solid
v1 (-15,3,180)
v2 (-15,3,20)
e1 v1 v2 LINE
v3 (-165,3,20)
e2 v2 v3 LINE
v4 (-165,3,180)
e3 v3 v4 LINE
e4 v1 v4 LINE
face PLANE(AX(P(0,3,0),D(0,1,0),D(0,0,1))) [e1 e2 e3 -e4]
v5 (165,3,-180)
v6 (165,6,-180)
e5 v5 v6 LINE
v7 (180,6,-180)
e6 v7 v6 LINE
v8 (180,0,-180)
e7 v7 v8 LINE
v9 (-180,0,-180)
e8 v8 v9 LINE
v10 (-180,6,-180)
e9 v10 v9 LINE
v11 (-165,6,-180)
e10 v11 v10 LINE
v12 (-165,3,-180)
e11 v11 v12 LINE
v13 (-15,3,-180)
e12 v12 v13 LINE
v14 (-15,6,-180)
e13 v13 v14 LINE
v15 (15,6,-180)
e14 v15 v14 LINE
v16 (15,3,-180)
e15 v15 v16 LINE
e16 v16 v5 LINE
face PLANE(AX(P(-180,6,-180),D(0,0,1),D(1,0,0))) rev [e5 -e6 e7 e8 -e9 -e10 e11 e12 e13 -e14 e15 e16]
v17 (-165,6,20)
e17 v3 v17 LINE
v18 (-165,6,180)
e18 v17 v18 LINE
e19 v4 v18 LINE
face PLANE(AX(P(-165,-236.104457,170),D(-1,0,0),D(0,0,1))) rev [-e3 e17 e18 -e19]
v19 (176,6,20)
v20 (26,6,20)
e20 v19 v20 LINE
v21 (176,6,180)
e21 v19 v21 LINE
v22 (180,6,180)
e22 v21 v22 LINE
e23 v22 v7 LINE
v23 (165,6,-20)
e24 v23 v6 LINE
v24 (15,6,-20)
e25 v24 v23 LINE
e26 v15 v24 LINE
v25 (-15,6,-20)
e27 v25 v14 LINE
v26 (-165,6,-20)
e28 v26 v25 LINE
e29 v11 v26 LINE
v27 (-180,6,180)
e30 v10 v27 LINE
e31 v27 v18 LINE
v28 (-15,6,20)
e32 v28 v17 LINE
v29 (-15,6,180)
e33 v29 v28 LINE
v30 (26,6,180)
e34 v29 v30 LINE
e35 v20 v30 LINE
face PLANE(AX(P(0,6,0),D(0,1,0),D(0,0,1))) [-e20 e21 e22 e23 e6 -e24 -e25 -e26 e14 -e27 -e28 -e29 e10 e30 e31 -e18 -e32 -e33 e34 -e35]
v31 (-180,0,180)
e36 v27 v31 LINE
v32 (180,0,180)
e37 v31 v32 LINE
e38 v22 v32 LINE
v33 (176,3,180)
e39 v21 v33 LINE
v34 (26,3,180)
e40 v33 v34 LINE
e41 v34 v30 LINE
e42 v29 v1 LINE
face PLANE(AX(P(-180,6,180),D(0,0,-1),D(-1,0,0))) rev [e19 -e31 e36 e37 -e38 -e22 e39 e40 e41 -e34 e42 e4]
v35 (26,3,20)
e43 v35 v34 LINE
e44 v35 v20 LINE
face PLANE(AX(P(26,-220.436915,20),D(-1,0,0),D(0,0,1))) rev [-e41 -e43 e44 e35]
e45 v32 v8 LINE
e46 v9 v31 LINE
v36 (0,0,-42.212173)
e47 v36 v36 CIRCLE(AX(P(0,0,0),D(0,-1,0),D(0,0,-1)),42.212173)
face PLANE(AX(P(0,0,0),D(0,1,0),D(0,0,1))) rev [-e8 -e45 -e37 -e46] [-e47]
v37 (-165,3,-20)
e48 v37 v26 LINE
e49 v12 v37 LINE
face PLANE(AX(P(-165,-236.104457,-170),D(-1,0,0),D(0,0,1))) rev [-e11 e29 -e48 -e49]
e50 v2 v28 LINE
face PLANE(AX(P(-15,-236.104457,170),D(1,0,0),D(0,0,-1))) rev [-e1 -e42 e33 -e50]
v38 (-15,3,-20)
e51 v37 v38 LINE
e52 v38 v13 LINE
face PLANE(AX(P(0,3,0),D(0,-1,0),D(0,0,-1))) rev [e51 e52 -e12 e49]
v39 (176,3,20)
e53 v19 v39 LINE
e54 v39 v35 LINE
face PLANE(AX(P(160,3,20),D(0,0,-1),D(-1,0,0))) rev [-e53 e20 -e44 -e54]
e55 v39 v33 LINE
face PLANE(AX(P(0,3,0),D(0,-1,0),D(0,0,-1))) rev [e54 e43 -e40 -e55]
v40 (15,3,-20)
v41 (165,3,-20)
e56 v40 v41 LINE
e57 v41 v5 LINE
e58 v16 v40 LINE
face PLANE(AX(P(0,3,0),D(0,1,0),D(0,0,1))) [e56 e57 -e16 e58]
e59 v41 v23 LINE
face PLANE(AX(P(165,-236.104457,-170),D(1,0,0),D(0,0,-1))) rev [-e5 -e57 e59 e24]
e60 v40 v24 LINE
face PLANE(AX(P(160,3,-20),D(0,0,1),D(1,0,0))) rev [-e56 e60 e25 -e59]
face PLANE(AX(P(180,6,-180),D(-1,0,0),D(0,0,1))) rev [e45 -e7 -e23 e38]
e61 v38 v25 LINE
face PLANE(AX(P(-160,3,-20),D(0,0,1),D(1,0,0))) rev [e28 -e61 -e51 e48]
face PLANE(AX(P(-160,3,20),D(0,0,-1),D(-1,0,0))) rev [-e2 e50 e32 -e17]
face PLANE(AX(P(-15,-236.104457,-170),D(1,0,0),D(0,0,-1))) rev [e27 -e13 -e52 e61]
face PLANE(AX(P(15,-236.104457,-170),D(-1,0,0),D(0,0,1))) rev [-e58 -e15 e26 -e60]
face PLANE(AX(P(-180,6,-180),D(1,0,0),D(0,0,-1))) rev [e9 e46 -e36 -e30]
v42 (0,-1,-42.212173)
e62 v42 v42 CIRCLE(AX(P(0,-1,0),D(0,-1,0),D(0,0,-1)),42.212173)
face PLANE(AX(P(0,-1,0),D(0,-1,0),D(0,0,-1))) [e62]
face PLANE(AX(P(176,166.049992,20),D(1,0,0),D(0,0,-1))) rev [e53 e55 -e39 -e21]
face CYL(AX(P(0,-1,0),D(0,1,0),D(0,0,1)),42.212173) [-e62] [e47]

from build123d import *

# Parameters (mm, degrees)
SKETCH_1_W          = 360
SKETCH_1_H          = 360
EXTRUDE_1_DEPTH     = 6
SKETCH_2_W          = 140
SKETCH_2_H          = 140
CUT_EXTRUDE_1_DEPTH = 3
SKETCH_7_W          = 140
SKETCH_7_H          = 169.149624319
CUT_EXTRUDE_2_DEPTH = 110
SKETCH_4_R          = 42.212172728
EXTRUDE_2_DEPTH     = 1
SKETCH_10_W         = 6
SKETCH_10_H         = 160
CUT_EXTRUDE_3_DEPTH = 3
SKETCH_11_W         = 6
SKETCH_11_H         = 160
EXTRUDE_3_DEPTH     = 3
SKETCH_12_W         = 14
SKETCH_12_H         = 160
CUT_EXTRUDE_4_DEPTH = 3
SKETCH_13_W         = 14
SKETCH_13_H         = 160
EXTRUDE_4_DEPTH     = 3
SKETCH_14_W         = 4
SKETCH_14_H         = 160
EXTRUDE_5_DEPTH     = 3
SKETCH_15_W         = 4
SKETCH_15_H         = 160
CUT_EXTRUDE_5_DEPTH = 3
CUT_EXTRUDE_6_DEPTH = 3
SKETCH_17_W         = 150
SKETCH_17_H         = 165.602098182
CUT_EXTRUDE_7_DEPTH = 3


with BuildPart() as part:
    # 草图1 → 凸台-拉伸1 (new body)
    with BuildSketch(Plane(origin=(0, 0, 0), x_dir=(1, 0, 0), z_dir=(0, 1, 0))):
        Rectangle(SKETCH_1_W, SKETCH_1_H)
    extrude(amount=EXTRUDE_1_DEPTH)

    # 草图2 → 切除-拉伸1 (cut)
    with BuildSketch(Plane(origin=(0, 6, 0), x_dir=(1, 0, 0), z_dir=(0, 1, 0))):
        with Locations((-90, -90)):
            Rectangle(SKETCH_2_W, SKETCH_2_H)
        with Locations((90, -90)):
            Rectangle(SKETCH_2_W, SKETCH_2_H)
        with Locations((90, 90)):
            Rectangle(SKETCH_2_W, SKETCH_2_H)
        with Locations((-90, 90)):
            Rectangle(SKETCH_2_W, SKETCH_2_H)
    extrude(amount=-CUT_EXTRUDE_1_DEPTH, mode=Mode.SUBTRACT)

    # 草图7 → 切除-拉伸2 (cut)
    with BuildSketch(Plane(origin=(0, 3, 0), x_dir=(1, 0, 0), z_dir=(0, 1, 0))):
        with Locations((90, -104.57481216)):
            Rectangle(SKETCH_7_W, SKETCH_7_H)
        with Locations((-90, -104.57481216)):
            Rectangle(SKETCH_7_W, SKETCH_7_H)
        with Locations((90, 104.57481216)):
            Rectangle(SKETCH_7_W, SKETCH_7_H)
        with Locations((-90, 104.57481216)):
            Rectangle(SKETCH_7_W, SKETCH_7_H)
    extrude(amount=CUT_EXTRUDE_2_DEPTH, mode=Mode.SUBTRACT)

    # 草图4 → 凸台-拉伸2 (add)
    with BuildSketch(Plane.XZ):
        with Locations(Location((0, 0, 0), (0, 0, 270))):
            Circle(SKETCH_4_R)
    extrude(amount=EXTRUDE_2_DEPTH)

    # 草图10 → 切除-拉伸3 (cut)
    with BuildSketch(Plane(origin=(0, 6, 0), x_dir=(1, 0, 0), z_dir=(0, 1, 0))):
        with Locations((163, -100)):
            Rectangle(SKETCH_10_W, SKETCH_10_H)
    extrude(amount=-CUT_EXTRUDE_3_DEPTH, mode=Mode.SUBTRACT)

    # 草图11 → 凸台-拉伸3 (add)
    with BuildSketch(Plane(origin=(0, 6, 0), x_dir=(1, 0, 0), z_dir=(0, 1, 0))):
        with Locations((23, -100)):
            Rectangle(SKETCH_11_W, SKETCH_11_H)
    extrude(amount=-EXTRUDE_3_DEPTH)

    # 草图12 → 切除-拉伸4 (cut)
    with BuildSketch(Plane(origin=(0, 6, 0), x_dir=(1, 0, 0), z_dir=(0, 1, 0))):
        with Locations((173, -100)):
            Rectangle(SKETCH_12_W, SKETCH_12_H)
    extrude(amount=-CUT_EXTRUDE_4_DEPTH, mode=Mode.SUBTRACT)

    # 草图13 → 凸台-拉伸4 (add)
    with BuildSketch(Plane(origin=(0, 3, 0), x_dir=(1, 0, 0), z_dir=(0, 1, 0))):
        with Locations((33, -100)):
            Rectangle(SKETCH_13_W, SKETCH_13_H)
    extrude(amount=EXTRUDE_4_DEPTH)

    # 草图14 → 凸台-拉伸5 (add)
    with BuildSketch(Plane(origin=(0, 3, 0), x_dir=(1, 0, 0), z_dir=(0, 1, 0))):
        with Locations((178, -100)):
            Rectangle(SKETCH_14_W, SKETCH_14_H)
    extrude(amount=EXTRUDE_5_DEPTH)

    # 草图15 → 切除-拉伸5 (cut)
    with BuildSketch(Plane(origin=(0, 6, 0), x_dir=(1, 0, 0), z_dir=(0, 1, 0))):
        with Locations((38, -100)):
            Rectangle(SKETCH_15_W, SKETCH_15_H)
    extrude(amount=-CUT_EXTRUDE_5_DEPTH, mode=Mode.SUBTRACT)

    # 草图16 → 切除-拉伸6 (cut)
    with BuildSketch(Plane(origin=(0, 6, 0), x_dir=(1, 0, 0), z_dir=(0, 1, 0))):
        Polygon((-15, -170), (-15, -20), (-165, -20), (-165, -170), (-165, -206.201346441), (-15, -206.201346441), align=None)
        Polygon((-165, 170), (-165, 20), (-15, 20), (-15, 170), (-15, 194.423731299), (-165, 194.423731299), align=None)
        Polygon((15, 170), (15, 194.423731299), (165, 194.423731299), (165, 170), (165, 20), (15, 20), align=None)
    extrude(amount=-CUT_EXTRUDE_6_DEPTH, mode=Mode.SUBTRACT)

    # 草图17 → 切除-拉伸7 (cut)
    with BuildSketch(Plane(origin=(0, 6, 0), x_dir=(1, 0, 0), z_dir=(0, 1, 0))):
        with Locations((101, -102.801049091)):
            Rectangle(SKETCH_17_W, SKETCH_17_H)
    extrude(amount=-CUT_EXTRUDE_7_DEPTH, mode=Mode.SUBTRACT)


solid = part.part
